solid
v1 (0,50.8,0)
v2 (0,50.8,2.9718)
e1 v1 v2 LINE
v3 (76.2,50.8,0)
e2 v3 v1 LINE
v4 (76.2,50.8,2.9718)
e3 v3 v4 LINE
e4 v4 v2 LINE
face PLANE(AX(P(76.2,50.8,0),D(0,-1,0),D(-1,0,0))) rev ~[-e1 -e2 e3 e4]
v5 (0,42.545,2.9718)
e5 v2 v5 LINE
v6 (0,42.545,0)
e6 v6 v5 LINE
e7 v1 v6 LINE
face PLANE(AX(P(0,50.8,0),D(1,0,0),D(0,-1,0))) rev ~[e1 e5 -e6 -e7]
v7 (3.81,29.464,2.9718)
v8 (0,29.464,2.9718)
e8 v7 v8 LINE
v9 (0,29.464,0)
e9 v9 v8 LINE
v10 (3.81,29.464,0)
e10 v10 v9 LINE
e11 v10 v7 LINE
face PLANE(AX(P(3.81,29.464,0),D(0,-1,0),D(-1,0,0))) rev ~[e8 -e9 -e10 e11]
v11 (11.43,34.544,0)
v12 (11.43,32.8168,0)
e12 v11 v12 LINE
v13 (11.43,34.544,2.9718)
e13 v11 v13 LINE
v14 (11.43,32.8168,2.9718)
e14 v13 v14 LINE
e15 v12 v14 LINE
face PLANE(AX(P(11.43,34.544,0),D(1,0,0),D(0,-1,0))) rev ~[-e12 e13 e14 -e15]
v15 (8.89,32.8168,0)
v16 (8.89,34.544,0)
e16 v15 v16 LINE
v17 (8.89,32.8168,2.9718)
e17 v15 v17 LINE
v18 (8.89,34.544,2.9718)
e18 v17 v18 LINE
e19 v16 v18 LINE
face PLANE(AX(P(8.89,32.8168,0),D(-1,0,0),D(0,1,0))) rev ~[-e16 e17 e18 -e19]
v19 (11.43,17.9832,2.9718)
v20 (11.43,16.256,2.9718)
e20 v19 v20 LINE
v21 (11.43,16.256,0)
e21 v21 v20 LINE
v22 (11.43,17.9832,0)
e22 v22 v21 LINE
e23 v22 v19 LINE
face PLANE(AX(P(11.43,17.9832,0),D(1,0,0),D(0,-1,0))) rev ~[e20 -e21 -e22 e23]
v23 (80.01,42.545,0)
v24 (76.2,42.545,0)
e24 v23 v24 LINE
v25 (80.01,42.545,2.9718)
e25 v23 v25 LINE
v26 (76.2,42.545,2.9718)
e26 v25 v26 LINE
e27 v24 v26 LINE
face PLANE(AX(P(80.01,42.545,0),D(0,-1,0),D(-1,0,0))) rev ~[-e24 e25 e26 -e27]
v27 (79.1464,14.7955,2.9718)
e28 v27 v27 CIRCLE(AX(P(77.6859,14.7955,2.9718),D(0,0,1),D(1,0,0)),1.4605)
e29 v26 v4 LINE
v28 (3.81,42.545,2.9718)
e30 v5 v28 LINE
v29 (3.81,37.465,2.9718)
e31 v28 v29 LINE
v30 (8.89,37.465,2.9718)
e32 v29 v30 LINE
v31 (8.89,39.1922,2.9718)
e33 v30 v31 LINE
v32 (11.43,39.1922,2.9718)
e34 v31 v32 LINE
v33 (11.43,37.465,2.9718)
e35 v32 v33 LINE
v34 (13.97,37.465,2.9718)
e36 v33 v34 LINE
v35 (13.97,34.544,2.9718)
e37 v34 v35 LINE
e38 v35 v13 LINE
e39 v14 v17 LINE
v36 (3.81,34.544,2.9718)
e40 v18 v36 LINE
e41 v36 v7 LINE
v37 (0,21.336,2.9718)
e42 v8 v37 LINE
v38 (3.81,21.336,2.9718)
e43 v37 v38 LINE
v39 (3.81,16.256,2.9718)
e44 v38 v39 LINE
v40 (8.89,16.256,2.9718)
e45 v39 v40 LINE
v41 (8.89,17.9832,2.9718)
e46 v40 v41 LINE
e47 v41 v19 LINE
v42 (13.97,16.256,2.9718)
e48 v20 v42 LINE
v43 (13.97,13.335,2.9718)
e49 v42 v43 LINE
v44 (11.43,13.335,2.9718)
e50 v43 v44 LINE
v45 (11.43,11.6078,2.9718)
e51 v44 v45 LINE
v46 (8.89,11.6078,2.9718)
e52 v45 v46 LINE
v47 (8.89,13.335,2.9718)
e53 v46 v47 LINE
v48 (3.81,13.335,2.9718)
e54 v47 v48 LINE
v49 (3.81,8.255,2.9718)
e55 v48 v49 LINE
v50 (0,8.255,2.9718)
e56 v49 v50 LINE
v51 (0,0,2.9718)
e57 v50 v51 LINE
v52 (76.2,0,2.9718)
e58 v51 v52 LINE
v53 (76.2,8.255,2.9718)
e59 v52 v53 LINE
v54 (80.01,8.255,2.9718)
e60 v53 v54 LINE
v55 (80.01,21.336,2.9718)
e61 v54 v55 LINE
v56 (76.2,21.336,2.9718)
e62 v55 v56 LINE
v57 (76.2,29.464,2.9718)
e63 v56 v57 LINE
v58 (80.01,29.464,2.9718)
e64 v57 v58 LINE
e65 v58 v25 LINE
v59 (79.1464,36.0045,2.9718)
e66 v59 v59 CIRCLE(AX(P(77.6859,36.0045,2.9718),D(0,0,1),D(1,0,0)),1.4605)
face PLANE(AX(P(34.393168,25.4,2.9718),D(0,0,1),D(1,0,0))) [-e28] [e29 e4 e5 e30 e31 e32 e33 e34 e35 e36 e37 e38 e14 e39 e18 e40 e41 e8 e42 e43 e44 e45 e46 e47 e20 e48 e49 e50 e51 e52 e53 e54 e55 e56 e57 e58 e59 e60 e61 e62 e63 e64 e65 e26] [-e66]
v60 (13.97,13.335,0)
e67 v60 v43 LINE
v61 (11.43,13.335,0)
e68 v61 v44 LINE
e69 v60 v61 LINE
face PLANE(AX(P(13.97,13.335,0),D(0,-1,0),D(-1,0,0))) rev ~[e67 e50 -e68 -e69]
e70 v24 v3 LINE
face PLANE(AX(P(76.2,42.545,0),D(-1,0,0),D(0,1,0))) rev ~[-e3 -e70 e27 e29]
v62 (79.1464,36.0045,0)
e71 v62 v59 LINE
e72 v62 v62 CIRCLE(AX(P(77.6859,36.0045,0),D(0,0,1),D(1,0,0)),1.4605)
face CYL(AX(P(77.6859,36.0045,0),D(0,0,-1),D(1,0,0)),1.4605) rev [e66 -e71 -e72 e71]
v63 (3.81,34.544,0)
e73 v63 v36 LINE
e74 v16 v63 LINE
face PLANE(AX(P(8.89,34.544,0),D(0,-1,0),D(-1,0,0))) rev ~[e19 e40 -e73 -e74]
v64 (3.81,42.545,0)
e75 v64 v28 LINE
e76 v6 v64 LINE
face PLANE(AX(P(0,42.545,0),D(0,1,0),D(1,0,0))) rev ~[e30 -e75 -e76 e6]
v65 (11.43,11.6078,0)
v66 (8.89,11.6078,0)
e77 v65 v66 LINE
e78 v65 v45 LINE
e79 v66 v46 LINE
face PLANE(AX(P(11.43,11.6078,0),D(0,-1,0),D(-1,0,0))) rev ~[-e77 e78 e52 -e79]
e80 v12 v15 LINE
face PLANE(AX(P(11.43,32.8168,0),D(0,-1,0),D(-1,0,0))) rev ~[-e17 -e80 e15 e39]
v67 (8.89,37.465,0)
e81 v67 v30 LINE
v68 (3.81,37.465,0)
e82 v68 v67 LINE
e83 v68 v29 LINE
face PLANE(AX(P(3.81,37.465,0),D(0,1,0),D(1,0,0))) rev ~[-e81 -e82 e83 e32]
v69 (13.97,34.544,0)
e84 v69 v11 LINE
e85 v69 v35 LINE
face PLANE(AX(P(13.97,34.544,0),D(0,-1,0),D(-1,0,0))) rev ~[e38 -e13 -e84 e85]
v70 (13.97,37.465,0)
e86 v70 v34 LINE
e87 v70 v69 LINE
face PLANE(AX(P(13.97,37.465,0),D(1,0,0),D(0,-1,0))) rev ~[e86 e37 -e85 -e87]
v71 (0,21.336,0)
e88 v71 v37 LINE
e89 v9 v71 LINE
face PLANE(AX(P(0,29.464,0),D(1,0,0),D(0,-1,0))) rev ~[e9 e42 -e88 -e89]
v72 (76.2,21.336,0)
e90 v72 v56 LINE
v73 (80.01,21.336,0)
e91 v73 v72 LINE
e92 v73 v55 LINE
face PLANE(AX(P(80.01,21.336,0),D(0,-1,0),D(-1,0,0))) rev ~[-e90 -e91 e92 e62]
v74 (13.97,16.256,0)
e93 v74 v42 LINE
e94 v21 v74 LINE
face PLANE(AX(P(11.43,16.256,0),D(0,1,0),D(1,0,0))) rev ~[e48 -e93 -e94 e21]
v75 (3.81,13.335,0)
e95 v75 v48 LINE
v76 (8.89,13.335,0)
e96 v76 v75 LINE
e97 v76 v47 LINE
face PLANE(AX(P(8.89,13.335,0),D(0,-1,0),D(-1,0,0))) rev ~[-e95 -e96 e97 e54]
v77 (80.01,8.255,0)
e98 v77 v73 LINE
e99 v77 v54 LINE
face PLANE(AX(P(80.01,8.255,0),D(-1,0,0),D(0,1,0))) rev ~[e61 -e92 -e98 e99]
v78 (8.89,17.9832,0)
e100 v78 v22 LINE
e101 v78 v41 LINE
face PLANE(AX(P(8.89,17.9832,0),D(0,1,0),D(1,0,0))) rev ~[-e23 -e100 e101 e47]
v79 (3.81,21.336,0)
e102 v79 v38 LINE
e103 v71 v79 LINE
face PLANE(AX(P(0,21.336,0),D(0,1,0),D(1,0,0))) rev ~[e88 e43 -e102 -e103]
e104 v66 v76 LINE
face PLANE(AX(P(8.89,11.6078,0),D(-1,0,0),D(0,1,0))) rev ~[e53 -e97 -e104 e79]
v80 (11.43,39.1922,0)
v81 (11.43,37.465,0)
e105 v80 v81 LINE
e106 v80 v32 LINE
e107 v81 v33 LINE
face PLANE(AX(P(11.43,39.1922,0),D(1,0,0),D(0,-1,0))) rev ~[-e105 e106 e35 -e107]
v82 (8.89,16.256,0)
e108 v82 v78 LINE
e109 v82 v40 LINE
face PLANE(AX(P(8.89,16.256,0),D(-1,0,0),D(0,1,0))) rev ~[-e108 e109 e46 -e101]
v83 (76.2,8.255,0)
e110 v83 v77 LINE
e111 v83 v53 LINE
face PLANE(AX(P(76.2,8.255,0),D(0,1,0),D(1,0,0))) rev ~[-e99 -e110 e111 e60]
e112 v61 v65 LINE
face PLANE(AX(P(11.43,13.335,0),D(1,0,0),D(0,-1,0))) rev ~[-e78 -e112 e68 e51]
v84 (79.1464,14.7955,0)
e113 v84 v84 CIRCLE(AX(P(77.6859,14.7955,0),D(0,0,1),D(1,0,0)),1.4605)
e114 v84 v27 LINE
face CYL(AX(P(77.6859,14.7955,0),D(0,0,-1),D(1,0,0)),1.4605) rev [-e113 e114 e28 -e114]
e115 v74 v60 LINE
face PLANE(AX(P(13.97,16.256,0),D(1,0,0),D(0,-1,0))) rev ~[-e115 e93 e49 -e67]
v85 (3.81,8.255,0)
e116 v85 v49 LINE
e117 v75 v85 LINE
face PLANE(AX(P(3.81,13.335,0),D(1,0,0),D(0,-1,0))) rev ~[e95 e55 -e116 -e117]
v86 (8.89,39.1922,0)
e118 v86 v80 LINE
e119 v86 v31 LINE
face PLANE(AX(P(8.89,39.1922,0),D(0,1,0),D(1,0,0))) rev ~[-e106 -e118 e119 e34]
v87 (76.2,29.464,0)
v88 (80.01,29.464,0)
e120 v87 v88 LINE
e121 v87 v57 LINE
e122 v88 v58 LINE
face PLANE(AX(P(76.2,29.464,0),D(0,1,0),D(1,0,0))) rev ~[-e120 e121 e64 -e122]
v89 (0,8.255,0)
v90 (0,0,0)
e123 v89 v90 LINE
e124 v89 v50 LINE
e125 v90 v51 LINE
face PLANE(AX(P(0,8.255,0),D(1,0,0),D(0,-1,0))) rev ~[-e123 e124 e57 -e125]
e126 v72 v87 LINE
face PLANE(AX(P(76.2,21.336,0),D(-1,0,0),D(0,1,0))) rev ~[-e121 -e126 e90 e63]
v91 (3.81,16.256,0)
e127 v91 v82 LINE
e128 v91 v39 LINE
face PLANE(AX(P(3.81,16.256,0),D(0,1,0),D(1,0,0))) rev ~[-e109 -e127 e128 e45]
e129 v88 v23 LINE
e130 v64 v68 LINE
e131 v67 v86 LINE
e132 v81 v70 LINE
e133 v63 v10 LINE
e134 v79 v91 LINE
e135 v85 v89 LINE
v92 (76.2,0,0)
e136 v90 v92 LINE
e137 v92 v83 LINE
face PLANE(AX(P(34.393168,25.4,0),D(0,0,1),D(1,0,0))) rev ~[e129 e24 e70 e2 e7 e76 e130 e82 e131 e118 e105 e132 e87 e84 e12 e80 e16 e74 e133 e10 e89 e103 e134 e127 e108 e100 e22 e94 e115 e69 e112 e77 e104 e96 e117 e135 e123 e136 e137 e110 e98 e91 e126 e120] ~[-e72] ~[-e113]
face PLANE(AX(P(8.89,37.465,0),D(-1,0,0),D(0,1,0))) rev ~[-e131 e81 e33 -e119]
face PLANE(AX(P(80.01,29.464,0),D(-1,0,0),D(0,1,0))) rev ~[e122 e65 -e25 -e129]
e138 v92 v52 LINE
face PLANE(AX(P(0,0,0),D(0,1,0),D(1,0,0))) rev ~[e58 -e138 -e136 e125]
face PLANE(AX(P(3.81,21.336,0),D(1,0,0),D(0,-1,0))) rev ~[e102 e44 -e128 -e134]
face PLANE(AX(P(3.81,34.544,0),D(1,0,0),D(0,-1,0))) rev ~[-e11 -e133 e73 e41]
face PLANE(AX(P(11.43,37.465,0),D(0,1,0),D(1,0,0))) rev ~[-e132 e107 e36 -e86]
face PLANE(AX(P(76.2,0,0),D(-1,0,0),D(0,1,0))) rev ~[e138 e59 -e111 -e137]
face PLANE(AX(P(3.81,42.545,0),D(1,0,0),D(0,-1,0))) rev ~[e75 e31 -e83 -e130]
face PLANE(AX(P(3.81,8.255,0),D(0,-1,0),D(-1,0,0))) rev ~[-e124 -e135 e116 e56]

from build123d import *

# Parameters (mm, degrees)
F0_R     = 1.4605
F1_DEPTH = 2.9718


with BuildPart() as f1:
    # F0 (on Top) → F1 (new body)
    with BuildSketch(Plane.XY):
        Polygon((0, 8.255), (0, 0), (76.2, 0), (76.2, 8.255), (80.01, 8.255), (80.01, 21.336), (76.2, 21.336), (76.2, 29.464), (80.01, 29.464), (80.01, 42.545), (76.2, 42.545), (76.2, 50.8), (0, 50.8), (0, 42.545), (3.81, 42.545), (3.81, 37.465), (8.89, 37.465), (8.89, 39.1922), (11.43, 39.1922), (11.43, 37.465), (13.97, 37.465), (13.97, 34.544), (11.43, 34.544), (11.43, 32.8168), (8.89, 32.8168), (8.89, 34.544), (3.81, 34.544), (3.81, 29.464), (0, 29.464), (0, 21.336), (3.81, 21.336), (3.81, 16.256), (8.89, 16.256), (8.89, 17.9832), (11.43, 17.9832), (11.43, 16.256), (13.97, 16.256), (13.97, 13.335), (11.43, 13.335), (11.43, 11.6078), (8.89, 11.6078), (8.89, 13.335), (3.81, 13.335), (3.81, 8.255), align=None)
        with Locations((77.6859, 14.7955)):
            Circle(F0_R, mode=Mode.SUBTRACT)
        with Locations((77.6859, 36.0045)):
            Circle(F0_R, mode=Mode.SUBTRACT)
    extrude(amount=F1_DEPTH)


solid = f1.part
